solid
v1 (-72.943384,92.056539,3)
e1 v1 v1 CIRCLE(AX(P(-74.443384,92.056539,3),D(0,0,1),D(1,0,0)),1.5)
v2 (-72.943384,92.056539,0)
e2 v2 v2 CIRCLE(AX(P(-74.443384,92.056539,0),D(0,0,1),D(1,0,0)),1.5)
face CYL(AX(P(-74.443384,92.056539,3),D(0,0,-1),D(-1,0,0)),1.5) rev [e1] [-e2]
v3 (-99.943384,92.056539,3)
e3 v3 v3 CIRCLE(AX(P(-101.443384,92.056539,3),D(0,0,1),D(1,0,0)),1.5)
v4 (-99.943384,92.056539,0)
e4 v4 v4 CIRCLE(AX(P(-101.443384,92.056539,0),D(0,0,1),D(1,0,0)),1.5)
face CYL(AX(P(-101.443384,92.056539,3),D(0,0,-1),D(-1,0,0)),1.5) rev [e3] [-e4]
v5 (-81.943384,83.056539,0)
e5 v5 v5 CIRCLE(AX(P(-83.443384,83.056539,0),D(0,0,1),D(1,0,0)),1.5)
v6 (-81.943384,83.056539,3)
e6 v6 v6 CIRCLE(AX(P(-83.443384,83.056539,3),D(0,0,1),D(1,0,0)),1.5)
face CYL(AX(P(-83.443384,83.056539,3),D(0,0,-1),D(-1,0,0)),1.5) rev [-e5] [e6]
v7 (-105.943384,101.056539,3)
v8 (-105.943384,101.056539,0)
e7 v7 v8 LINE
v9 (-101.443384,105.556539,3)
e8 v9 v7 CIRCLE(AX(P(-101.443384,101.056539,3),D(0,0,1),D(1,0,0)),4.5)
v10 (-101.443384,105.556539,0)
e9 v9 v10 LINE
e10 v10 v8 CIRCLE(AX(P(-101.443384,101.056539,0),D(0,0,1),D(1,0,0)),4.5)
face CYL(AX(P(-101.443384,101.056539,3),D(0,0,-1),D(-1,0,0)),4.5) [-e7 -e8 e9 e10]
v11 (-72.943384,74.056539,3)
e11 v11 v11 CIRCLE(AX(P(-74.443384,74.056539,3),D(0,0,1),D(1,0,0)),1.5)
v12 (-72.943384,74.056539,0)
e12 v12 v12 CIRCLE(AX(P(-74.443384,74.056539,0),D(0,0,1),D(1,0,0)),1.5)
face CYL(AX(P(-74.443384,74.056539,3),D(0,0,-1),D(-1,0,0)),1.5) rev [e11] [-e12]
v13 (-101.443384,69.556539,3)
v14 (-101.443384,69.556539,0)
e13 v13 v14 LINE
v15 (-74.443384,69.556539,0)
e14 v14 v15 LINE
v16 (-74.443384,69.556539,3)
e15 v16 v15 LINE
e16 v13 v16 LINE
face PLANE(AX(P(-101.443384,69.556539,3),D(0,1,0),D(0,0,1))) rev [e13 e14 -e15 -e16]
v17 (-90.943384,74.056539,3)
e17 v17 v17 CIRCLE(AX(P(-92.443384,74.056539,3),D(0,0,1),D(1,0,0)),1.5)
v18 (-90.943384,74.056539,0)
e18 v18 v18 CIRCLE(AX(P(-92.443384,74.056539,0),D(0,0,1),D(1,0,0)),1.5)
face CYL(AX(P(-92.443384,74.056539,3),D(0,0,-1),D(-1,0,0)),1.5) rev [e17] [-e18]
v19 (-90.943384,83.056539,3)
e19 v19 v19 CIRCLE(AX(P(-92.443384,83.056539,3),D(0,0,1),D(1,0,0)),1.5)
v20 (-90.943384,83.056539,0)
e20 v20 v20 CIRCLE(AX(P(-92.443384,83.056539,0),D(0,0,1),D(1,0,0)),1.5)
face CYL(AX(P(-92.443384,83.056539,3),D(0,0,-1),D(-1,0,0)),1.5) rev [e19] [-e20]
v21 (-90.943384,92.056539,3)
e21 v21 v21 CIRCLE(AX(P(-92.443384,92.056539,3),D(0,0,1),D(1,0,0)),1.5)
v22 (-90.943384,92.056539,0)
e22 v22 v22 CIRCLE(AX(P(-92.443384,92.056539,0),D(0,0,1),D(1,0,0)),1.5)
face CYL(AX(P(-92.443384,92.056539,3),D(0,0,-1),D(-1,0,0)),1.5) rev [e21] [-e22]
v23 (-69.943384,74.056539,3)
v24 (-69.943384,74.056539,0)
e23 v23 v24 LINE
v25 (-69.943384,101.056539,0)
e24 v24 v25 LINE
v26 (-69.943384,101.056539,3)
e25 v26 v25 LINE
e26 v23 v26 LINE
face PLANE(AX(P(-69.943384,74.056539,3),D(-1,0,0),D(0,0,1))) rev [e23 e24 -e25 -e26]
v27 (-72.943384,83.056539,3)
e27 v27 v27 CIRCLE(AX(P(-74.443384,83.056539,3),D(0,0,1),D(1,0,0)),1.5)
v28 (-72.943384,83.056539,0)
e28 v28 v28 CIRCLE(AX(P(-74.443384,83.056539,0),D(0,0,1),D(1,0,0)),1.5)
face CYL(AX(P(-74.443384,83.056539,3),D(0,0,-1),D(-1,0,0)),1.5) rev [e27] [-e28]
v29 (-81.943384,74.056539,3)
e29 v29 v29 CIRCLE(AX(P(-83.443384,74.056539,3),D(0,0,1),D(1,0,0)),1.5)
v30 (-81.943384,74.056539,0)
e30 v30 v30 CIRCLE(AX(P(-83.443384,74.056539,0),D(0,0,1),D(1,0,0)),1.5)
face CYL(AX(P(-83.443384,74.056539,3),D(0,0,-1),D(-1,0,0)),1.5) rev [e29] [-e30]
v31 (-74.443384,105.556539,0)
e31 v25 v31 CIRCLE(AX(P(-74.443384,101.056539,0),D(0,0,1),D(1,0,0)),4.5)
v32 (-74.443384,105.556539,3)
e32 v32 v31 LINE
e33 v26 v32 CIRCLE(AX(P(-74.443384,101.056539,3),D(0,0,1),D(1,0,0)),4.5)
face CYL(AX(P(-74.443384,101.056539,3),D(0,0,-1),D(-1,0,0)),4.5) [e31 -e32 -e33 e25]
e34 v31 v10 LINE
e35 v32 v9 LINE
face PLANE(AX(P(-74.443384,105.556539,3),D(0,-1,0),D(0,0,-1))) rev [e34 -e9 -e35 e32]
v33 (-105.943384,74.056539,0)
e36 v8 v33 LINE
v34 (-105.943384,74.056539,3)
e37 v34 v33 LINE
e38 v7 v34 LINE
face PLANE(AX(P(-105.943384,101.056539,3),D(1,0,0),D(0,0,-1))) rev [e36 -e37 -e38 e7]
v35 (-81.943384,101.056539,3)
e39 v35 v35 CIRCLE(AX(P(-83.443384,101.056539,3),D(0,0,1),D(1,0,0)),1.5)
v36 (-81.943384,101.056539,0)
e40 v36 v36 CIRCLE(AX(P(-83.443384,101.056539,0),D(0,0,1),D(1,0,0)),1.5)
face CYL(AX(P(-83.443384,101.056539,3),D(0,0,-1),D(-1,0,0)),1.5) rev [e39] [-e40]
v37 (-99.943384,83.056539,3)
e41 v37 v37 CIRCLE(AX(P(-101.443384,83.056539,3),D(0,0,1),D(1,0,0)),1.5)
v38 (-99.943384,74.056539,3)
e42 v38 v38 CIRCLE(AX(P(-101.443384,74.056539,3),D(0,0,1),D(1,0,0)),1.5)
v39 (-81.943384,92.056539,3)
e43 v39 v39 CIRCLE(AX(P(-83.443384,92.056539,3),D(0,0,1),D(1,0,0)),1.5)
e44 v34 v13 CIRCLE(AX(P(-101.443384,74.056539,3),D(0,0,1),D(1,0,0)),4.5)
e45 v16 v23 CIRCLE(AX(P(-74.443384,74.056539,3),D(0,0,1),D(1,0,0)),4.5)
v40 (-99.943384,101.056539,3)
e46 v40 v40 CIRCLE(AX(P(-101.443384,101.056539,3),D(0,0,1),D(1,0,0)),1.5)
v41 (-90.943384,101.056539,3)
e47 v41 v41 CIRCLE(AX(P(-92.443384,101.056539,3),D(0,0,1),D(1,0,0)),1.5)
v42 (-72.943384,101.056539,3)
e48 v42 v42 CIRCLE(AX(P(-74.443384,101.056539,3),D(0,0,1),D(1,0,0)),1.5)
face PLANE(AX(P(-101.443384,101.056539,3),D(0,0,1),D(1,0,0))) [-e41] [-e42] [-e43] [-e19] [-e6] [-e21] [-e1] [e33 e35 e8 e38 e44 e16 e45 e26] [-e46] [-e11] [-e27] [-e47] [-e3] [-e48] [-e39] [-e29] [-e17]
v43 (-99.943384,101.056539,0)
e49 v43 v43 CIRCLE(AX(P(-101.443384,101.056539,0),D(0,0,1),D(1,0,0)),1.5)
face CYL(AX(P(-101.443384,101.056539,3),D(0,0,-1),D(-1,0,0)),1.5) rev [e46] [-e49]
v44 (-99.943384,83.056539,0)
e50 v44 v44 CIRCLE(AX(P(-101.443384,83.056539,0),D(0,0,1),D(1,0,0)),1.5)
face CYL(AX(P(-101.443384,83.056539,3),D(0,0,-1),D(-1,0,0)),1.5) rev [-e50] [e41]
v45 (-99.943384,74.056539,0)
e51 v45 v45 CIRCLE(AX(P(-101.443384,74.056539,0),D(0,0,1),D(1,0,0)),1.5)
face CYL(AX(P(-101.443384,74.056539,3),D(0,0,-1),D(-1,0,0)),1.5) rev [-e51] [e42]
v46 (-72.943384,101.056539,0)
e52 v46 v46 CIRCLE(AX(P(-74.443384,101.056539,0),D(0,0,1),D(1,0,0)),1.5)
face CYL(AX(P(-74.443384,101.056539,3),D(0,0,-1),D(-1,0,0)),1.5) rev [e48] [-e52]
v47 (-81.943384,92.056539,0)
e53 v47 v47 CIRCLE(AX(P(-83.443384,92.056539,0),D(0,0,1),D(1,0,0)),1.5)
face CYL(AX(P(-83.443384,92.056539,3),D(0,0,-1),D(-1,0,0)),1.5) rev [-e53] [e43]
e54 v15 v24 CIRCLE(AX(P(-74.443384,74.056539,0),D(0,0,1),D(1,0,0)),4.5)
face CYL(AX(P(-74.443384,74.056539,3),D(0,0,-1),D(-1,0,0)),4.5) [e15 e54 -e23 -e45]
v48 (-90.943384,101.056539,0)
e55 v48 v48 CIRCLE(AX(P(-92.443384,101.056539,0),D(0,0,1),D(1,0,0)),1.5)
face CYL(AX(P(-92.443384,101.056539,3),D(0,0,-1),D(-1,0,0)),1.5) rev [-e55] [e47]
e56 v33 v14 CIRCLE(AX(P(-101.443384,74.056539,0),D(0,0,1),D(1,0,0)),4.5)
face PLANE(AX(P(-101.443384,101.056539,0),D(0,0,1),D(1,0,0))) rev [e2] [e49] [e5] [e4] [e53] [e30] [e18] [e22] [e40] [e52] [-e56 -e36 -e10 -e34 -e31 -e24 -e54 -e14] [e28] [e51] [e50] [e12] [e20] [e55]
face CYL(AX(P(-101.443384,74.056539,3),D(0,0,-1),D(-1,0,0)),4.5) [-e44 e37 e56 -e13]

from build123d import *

# Parameters (mm, degrees)
MODEL_R                 = 1.5
SALIENTE_EXTRUIR1_DEPTH = 3


with BuildPart() as part:
    # Model → Saliente-Extruir1 (new body)
    with BuildSketch(Plane.XY):
        with BuildLine():
            Line((-105.943383637, 101.056539338), (-105.943383637, 74.056539338))
            ThreePointArc((-105.943383637, 74.056539338), (-104.625364152, 70.874558823), (-101.443383637, 69.556539338))
            Line((-101.443383637, 69.556539338), (-74.443383637, 69.556539338))
            ThreePointArc((-74.443383637, 69.556539338), (-71.261403122, 70.874558823), (-69.943383637, 74.056539338))
            Line((-69.943383637, 74.056539338), (-69.943383637, 101.056539338))
            ThreePointArc((-69.943383637, 101.056539338), (-71.261403122, 104.238519853), (-74.443383637, 105.556539338))
            Line((-74.443383637, 105.556539338), (-101.443383637, 105.556539338))
            ThreePointArc((-101.443383637, 105.556539338), (-104.625364152, 104.238519853), (-105.943383637, 101.056539338))
        make_face()
        with Locations((-101.443383637, 101.056539338)):
            Circle(MODEL_R, mode=Mode.SUBTRACT)
        with Locations((-92.443383637, 101.056539338)):
            Circle(MODEL_R, mode=Mode.SUBTRACT)
        with Locations((-83.443383637, 101.056539338)):
            Circle(MODEL_R, mode=Mode.SUBTRACT)
        with Locations((-74.443383637, 101.056539338)):
            Circle(MODEL_R, mode=Mode.SUBTRACT)
        with Locations((-101.443383637, 92.056539338)):
            Circle(MODEL_R, mode=Mode.SUBTRACT)
        with Locations((-92.443383637, 92.056539338)):
            Circle(MODEL_R, mode=Mode.SUBTRACT)
        with Locations((-83.443383637, 92.056539338)):
            Circle(MODEL_R, mode=Mode.SUBTRACT)
        with Locations((-74.443383637, 92.056539338)):
            Circle(MODEL_R, mode=Mode.SUBTRACT)
        with Locations((-101.443383637, 83.056539338)):
            Circle(MODEL_R, mode=Mode.SUBTRACT)
        with Locations((-92.443383637, 83.056539338)):
            Circle(MODEL_R, mode=Mode.SUBTRACT)
        with Locations((-83.443383637, 83.056539338)):
            Circle(MODEL_R, mode=Mode.SUBTRACT)
        with Locations((-74.443383637, 83.056539338)):
            Circle(MODEL_R, mode=Mode.SUBTRACT)
        with Locations((-101.443383637, 74.056539338)):
            Circle(MODEL_R, mode=Mode.SUBTRACT)
        with Locations((-92.443383637, 74.056539338)):
            Circle(MODEL_R, mode=Mode.SUBTRACT)
        with Locations((-83.443383637, 74.056539338)):
            Circle(MODEL_R, mode=Mode.SUBTRACT)
        with Locations((-74.443383637, 74.056539338)):
            Circle(MODEL_R, mode=Mode.SUBTRACT)
    extrude(amount=SALIENTE_EXTRUIR1_DEPTH)


solid = part.part
